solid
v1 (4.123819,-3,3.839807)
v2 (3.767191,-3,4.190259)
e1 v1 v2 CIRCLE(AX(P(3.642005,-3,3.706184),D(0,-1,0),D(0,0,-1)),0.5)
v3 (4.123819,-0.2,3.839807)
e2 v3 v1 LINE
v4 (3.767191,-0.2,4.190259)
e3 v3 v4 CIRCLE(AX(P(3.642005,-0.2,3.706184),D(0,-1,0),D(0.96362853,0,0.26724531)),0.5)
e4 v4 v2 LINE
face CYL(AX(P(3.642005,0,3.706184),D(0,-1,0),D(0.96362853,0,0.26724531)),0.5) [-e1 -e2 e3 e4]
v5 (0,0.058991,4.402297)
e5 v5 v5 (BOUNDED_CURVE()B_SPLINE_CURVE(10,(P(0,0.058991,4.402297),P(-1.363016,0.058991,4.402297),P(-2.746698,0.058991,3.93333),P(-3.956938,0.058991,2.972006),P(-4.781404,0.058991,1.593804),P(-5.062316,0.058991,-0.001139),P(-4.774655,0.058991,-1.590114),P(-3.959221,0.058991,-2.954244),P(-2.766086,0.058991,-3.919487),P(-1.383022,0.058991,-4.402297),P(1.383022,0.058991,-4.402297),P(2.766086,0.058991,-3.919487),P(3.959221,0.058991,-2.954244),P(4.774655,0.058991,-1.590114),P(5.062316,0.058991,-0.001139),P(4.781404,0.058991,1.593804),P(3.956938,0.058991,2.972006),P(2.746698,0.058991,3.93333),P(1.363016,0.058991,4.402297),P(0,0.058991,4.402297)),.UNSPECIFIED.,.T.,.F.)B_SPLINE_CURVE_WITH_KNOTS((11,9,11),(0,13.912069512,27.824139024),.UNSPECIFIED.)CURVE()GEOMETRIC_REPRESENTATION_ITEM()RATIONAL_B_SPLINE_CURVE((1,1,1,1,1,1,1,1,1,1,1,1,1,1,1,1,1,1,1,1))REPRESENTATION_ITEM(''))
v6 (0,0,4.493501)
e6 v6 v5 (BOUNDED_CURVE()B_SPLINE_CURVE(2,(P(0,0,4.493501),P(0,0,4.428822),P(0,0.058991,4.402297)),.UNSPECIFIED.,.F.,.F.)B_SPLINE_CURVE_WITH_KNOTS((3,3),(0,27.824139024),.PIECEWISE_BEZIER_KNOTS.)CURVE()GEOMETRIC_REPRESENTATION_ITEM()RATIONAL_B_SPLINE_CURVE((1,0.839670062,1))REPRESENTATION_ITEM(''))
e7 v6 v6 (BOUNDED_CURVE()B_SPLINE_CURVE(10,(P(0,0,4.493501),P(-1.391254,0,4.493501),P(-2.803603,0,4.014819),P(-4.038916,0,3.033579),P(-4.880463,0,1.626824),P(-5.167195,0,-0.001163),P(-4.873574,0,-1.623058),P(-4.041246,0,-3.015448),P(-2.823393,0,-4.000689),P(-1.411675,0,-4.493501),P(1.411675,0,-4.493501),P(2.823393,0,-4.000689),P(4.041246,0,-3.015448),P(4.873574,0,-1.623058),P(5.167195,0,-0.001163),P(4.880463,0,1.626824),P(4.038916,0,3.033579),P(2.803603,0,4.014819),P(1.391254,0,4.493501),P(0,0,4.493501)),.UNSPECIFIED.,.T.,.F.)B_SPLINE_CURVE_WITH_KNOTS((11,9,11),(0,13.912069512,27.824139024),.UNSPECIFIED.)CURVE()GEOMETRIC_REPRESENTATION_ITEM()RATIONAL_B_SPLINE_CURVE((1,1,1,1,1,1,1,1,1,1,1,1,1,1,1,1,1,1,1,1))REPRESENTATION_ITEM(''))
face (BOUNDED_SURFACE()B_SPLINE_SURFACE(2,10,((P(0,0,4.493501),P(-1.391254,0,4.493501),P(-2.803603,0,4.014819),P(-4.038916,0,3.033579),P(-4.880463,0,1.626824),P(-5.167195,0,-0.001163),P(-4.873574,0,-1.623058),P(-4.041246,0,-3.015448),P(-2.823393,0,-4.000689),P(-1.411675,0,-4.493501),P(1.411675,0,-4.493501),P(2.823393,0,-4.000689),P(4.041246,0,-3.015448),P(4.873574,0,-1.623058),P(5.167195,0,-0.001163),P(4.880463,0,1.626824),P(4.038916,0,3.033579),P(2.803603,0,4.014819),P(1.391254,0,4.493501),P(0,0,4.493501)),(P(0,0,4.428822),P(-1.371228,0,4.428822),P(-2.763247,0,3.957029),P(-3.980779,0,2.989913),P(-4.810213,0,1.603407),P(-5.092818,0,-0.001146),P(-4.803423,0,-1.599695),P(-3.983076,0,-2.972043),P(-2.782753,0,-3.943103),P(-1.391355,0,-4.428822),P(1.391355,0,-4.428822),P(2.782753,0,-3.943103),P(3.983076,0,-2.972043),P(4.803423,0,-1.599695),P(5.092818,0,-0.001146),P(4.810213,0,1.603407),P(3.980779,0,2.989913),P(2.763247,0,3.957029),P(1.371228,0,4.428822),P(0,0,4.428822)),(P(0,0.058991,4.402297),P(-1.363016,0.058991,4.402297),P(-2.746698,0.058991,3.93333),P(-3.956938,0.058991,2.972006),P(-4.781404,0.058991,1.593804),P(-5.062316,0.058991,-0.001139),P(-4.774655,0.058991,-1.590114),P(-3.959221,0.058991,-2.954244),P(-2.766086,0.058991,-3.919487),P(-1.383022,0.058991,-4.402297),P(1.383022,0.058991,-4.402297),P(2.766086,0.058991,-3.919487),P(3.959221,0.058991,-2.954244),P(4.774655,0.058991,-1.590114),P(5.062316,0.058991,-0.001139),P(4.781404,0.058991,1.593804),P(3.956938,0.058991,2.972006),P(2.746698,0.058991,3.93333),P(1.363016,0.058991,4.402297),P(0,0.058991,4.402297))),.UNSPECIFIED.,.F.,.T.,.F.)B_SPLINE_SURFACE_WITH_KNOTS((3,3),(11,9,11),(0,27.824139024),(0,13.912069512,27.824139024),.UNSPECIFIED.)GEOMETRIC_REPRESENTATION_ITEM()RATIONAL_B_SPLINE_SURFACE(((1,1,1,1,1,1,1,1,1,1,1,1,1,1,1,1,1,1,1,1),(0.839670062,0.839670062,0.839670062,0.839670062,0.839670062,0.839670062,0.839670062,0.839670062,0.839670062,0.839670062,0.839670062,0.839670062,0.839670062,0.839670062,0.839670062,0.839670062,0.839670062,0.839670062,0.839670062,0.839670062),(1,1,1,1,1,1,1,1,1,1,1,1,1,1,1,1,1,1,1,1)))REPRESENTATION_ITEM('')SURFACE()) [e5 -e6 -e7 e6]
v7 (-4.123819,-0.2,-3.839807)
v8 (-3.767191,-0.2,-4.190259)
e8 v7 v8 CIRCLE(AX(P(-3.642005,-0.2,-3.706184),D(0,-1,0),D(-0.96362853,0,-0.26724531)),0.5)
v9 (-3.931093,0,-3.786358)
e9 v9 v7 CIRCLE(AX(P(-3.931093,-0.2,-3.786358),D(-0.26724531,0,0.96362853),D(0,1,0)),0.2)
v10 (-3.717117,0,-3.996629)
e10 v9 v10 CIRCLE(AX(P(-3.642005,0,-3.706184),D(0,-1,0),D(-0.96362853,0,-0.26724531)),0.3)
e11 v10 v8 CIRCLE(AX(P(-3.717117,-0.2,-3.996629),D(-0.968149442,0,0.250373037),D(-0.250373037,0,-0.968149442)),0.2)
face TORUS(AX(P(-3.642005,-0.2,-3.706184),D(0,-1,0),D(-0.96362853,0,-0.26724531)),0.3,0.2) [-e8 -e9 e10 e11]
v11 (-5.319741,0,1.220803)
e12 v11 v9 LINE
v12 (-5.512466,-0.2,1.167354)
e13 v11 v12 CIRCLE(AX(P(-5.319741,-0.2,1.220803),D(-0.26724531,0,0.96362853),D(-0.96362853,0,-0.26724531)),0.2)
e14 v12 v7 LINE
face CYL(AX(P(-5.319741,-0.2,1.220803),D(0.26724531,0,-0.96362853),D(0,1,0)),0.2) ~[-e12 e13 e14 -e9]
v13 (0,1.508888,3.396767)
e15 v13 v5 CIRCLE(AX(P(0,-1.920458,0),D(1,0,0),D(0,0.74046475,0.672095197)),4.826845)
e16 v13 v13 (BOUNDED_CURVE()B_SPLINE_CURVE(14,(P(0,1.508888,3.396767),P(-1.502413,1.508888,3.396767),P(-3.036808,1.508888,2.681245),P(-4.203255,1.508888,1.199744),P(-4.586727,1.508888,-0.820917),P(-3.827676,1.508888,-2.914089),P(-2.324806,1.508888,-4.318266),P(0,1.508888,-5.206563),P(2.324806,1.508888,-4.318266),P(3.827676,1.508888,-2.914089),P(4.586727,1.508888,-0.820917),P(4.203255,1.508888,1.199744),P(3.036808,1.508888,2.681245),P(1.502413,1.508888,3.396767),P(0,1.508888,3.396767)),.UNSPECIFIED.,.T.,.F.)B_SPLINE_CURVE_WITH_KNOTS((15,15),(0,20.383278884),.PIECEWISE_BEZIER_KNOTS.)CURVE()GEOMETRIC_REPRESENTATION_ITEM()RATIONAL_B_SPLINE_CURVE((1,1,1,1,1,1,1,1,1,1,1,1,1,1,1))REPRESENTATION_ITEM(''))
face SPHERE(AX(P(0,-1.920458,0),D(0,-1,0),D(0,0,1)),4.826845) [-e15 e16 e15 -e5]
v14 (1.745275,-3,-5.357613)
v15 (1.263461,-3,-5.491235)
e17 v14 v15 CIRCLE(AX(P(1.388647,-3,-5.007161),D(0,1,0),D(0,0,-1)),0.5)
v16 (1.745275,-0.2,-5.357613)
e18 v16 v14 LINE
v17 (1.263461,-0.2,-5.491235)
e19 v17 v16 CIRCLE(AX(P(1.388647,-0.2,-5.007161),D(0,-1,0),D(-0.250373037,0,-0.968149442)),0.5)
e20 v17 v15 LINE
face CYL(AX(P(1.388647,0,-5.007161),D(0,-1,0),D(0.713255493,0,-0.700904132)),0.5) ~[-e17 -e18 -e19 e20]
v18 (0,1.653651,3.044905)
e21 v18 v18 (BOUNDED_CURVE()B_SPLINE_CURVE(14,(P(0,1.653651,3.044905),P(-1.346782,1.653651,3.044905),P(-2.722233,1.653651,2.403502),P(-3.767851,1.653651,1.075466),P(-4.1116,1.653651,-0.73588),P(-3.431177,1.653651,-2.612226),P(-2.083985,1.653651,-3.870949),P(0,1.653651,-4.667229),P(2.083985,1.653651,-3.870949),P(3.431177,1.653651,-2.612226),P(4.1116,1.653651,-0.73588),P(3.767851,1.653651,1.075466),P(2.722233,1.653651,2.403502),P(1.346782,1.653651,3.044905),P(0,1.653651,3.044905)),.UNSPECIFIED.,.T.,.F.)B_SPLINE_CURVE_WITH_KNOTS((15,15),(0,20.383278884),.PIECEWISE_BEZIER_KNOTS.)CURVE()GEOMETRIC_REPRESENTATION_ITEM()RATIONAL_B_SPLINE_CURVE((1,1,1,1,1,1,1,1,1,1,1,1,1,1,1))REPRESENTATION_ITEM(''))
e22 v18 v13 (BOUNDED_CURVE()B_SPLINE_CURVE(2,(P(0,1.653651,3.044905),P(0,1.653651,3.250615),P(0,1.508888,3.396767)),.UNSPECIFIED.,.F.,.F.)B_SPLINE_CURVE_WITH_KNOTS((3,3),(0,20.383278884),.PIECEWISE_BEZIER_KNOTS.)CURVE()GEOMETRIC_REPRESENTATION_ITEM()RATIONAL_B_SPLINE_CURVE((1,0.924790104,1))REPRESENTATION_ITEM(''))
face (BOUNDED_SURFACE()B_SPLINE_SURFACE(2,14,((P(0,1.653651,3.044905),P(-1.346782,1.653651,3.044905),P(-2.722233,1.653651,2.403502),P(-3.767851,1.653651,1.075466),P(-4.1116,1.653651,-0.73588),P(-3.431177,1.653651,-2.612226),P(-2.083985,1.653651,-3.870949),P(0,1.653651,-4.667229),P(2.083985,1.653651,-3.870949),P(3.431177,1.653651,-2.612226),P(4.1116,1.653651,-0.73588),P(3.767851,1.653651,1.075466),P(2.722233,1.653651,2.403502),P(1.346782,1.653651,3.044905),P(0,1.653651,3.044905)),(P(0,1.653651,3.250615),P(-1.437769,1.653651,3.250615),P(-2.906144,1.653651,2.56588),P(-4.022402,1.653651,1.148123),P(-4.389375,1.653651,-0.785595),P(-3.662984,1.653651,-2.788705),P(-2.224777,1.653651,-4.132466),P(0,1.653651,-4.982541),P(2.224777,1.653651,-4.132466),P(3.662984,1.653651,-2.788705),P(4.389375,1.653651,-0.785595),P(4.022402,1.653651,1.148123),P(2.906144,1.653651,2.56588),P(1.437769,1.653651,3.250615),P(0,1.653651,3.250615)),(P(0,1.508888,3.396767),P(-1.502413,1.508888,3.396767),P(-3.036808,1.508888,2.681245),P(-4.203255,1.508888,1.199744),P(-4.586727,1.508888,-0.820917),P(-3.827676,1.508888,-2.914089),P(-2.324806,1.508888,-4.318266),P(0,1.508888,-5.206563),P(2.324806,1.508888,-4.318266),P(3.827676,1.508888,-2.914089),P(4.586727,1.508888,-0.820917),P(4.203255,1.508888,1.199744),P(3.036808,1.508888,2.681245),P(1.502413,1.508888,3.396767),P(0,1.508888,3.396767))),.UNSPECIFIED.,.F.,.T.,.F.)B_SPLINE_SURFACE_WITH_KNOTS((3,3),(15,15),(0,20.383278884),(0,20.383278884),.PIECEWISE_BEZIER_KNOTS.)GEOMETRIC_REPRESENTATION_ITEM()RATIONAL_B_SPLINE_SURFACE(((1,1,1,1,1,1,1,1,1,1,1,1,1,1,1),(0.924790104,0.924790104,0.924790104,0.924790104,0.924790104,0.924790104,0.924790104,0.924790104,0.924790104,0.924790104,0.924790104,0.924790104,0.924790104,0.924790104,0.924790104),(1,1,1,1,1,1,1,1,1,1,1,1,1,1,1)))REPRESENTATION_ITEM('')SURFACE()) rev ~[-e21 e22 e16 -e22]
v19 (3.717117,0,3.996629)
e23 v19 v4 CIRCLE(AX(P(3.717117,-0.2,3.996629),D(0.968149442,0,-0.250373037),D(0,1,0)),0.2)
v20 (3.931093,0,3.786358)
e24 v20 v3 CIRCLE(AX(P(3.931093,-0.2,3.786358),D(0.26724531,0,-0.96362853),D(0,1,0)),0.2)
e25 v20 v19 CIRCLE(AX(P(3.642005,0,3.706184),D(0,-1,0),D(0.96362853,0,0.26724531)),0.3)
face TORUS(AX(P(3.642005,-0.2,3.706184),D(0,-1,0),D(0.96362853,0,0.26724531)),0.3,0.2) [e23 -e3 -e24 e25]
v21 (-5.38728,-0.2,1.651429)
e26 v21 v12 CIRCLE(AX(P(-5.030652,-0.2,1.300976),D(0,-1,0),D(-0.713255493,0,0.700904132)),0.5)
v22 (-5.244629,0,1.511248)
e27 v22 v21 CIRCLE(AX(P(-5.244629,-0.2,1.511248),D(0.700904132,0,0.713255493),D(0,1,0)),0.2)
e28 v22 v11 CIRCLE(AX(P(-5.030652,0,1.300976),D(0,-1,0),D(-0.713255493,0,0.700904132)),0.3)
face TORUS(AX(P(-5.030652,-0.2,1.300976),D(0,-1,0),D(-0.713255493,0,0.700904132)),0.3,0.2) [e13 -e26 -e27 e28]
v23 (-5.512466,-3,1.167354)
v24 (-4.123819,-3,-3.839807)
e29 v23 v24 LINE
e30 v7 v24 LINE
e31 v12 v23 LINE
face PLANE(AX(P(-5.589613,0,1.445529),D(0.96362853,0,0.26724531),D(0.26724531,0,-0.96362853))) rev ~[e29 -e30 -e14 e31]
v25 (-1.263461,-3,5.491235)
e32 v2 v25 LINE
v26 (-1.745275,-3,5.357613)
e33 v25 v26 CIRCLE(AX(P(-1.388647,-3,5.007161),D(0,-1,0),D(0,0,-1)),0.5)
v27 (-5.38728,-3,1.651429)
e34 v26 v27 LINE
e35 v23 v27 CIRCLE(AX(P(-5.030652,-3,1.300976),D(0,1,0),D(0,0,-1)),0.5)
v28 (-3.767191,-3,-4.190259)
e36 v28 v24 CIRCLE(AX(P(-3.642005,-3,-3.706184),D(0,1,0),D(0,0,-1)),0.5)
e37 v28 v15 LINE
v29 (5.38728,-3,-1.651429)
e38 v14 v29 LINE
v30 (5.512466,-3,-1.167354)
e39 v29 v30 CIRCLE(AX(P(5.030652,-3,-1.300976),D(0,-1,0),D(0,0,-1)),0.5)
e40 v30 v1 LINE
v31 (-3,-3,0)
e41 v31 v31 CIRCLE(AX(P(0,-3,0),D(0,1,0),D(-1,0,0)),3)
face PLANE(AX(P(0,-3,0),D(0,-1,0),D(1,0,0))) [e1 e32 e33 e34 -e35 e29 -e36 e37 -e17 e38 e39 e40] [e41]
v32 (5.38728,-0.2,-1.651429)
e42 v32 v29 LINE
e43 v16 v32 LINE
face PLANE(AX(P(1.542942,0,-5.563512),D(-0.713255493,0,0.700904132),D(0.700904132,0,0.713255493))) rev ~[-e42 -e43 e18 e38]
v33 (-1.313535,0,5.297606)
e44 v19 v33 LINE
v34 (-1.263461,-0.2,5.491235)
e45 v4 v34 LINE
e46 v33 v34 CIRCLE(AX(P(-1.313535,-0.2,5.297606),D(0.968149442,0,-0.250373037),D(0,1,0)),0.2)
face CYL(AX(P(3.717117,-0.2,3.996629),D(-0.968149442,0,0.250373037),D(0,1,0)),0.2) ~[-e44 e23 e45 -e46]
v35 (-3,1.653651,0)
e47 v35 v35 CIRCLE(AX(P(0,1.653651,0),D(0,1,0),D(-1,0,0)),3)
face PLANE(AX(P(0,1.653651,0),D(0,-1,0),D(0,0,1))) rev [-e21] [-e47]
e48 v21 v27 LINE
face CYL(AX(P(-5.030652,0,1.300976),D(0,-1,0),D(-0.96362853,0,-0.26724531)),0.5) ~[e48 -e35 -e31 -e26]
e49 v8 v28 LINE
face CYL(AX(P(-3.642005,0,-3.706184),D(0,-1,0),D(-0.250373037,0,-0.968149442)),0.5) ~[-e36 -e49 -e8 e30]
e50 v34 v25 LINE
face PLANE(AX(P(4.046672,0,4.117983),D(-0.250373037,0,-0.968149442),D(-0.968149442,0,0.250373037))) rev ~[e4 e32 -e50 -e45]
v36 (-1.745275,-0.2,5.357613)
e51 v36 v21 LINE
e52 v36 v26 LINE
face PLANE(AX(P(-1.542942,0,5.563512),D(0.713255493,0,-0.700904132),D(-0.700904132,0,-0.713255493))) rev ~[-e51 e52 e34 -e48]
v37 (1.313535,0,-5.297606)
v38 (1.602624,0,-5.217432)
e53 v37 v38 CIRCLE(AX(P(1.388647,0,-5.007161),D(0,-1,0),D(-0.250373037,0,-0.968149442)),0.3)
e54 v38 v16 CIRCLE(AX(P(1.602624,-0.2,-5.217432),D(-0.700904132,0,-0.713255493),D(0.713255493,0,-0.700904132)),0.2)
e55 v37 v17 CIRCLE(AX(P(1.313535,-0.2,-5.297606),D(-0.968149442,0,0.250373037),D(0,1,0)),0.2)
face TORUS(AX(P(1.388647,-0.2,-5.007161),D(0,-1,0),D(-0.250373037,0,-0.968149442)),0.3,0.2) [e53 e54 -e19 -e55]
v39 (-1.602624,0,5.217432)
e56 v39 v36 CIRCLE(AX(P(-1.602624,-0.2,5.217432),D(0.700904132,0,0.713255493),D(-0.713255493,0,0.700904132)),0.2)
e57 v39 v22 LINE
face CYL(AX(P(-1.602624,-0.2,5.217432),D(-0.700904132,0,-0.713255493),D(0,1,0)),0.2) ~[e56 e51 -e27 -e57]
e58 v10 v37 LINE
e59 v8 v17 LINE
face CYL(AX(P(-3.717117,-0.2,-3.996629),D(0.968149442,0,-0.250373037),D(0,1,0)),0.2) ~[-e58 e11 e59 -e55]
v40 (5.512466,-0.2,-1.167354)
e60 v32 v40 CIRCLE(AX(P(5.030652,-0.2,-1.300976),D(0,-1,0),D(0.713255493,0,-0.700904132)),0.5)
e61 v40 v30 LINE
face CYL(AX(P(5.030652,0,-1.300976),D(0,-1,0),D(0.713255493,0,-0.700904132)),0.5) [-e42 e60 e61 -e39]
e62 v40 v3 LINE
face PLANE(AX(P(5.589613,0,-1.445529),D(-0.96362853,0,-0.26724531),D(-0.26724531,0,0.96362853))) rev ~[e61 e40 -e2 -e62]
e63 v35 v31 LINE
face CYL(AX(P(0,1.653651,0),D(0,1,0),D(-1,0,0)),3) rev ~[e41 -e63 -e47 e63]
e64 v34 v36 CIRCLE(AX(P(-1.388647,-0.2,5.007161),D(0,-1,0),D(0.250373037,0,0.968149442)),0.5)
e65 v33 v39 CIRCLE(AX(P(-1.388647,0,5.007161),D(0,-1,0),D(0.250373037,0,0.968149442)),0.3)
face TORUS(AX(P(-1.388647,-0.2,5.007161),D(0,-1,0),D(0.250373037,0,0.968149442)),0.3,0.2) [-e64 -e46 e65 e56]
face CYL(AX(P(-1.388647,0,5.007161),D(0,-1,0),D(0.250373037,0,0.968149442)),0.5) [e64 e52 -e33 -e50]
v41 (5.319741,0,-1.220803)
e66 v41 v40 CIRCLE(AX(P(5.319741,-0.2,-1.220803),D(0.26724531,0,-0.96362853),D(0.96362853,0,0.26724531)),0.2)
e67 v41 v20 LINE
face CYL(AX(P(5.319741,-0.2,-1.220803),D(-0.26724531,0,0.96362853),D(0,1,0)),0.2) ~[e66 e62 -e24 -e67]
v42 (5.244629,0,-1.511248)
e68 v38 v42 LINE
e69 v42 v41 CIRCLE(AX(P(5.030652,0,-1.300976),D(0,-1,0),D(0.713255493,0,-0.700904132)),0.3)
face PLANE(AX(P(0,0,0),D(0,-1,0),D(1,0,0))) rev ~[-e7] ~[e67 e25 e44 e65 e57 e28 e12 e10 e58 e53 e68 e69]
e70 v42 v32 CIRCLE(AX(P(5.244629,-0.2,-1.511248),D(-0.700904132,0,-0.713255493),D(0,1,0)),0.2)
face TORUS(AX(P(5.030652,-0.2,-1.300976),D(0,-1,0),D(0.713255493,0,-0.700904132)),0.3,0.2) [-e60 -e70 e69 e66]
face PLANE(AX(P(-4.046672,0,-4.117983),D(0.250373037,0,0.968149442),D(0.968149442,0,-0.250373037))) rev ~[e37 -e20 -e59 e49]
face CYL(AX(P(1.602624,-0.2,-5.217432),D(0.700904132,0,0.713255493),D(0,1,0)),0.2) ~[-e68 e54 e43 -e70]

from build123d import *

# Parameters (mm, degrees)
F1_DEPTH = 3
F4_R     = 0.5
F6_R     = 0.1
F7_R     = 3
F8_DEPTH = 25
F9_R     = 0.5
F10_R    = 0.2


with BuildPart() as f1:
    # F0 (on Front) → F1 (new body)
    with BuildSketch(Plane.XZ):
        Polygon((1.542941519, -5.5635119126), (5.5896134101, -1.4455294043), (4.0466718911, 4.1179825084), (-1.542941519, 5.5635119126), (-5.5896134101, 1.4455294043), (-4.0466718911, -4.1179825084), align=None)
    extrude(amount=F1_DEPTH)


with BuildPart() as f3:
    # F2 (on Right) → F3 (revolve)
    with BuildSketch(Plane.YZ):
        with BuildLine():
            Line((1.653650824, 0), (1.653650824, 3.2440995908))
            ThreePointArc((1.653650824, 3.2440995908), (0.8126995328, 3.9784778483), (-0.1744808685, 4.5))
            Line((-0.1744808685, 4.5), (-0.1744808685, 0))
            Line((-0.1744808685, 0), (1.653650824, 0))
        make_face()
    revolve(axis=Axis((0, -1.6547753563, 0), (0, -1, 0)))

    # F4
    f4_edges = [f3.edges().sort_by_distance(p)[0] for p in [
        (0, 1.653651, -3.2441),
    ]]
    fillet(f4_edges, radius=F4_R)

    # F5: union F1
    add(f1.part)

    # F6
    f6_edges = [f3.edges().sort_by_distance(p)[0] for p in [
        (0, 0, -4.428349),
    ]]
    fillet(f6_edges, radius=F6_R)

    # F7 (on face) → F8 (cut)
    with BuildSketch(Plane(origin=(0, 1.653650824, 0), x_dir=(-1, 0, 0), z_dir=(0, 1, 0))):
        Circle(F7_R)
    extrude(amount=-F8_DEPTH, mode=Mode.SUBTRACT)

    # F9
    f9_edges = [f3.edges().sort_by_distance(p)[0] for p in [
        (-5.589613, -1.5, 1.445529),
        (-4.046672, -1.5, -4.117983),
        (1.542942, -1.5, -5.563512),
        (-1.542942, -1.5, 5.563512),
        (5.589613, -1.5, -1.445529),
        (4.046672, -1.5, 4.117983),
    ]]
    fillet(f9_edges, radius=F9_R)

    # F10
    f10_edges = [f3.edges().sort_by_distance(p)[0] for p in [
        (1.251865, 0, 4.840747),
        (4.818143, 0, 1.336227),
        (5.514727, 0, -1.426163),
        (3.992457, 0, 4.062812),
        (3.566277, 0, -3.504521),
        (1.52227, 0, -5.488975),
        (-1.251865, 0, -4.840747),
        (-3.992457, 0, -4.062812),
        (-4.818143, 0, -1.336227),
        (-5.514727, 0, 1.426163),
        (-3.566277, 0, 3.504521),
        (-1.52227, 0, 5.488975),
    ]]
    fillet(f10_edges, radius=F10_R)


solid = f3.part
